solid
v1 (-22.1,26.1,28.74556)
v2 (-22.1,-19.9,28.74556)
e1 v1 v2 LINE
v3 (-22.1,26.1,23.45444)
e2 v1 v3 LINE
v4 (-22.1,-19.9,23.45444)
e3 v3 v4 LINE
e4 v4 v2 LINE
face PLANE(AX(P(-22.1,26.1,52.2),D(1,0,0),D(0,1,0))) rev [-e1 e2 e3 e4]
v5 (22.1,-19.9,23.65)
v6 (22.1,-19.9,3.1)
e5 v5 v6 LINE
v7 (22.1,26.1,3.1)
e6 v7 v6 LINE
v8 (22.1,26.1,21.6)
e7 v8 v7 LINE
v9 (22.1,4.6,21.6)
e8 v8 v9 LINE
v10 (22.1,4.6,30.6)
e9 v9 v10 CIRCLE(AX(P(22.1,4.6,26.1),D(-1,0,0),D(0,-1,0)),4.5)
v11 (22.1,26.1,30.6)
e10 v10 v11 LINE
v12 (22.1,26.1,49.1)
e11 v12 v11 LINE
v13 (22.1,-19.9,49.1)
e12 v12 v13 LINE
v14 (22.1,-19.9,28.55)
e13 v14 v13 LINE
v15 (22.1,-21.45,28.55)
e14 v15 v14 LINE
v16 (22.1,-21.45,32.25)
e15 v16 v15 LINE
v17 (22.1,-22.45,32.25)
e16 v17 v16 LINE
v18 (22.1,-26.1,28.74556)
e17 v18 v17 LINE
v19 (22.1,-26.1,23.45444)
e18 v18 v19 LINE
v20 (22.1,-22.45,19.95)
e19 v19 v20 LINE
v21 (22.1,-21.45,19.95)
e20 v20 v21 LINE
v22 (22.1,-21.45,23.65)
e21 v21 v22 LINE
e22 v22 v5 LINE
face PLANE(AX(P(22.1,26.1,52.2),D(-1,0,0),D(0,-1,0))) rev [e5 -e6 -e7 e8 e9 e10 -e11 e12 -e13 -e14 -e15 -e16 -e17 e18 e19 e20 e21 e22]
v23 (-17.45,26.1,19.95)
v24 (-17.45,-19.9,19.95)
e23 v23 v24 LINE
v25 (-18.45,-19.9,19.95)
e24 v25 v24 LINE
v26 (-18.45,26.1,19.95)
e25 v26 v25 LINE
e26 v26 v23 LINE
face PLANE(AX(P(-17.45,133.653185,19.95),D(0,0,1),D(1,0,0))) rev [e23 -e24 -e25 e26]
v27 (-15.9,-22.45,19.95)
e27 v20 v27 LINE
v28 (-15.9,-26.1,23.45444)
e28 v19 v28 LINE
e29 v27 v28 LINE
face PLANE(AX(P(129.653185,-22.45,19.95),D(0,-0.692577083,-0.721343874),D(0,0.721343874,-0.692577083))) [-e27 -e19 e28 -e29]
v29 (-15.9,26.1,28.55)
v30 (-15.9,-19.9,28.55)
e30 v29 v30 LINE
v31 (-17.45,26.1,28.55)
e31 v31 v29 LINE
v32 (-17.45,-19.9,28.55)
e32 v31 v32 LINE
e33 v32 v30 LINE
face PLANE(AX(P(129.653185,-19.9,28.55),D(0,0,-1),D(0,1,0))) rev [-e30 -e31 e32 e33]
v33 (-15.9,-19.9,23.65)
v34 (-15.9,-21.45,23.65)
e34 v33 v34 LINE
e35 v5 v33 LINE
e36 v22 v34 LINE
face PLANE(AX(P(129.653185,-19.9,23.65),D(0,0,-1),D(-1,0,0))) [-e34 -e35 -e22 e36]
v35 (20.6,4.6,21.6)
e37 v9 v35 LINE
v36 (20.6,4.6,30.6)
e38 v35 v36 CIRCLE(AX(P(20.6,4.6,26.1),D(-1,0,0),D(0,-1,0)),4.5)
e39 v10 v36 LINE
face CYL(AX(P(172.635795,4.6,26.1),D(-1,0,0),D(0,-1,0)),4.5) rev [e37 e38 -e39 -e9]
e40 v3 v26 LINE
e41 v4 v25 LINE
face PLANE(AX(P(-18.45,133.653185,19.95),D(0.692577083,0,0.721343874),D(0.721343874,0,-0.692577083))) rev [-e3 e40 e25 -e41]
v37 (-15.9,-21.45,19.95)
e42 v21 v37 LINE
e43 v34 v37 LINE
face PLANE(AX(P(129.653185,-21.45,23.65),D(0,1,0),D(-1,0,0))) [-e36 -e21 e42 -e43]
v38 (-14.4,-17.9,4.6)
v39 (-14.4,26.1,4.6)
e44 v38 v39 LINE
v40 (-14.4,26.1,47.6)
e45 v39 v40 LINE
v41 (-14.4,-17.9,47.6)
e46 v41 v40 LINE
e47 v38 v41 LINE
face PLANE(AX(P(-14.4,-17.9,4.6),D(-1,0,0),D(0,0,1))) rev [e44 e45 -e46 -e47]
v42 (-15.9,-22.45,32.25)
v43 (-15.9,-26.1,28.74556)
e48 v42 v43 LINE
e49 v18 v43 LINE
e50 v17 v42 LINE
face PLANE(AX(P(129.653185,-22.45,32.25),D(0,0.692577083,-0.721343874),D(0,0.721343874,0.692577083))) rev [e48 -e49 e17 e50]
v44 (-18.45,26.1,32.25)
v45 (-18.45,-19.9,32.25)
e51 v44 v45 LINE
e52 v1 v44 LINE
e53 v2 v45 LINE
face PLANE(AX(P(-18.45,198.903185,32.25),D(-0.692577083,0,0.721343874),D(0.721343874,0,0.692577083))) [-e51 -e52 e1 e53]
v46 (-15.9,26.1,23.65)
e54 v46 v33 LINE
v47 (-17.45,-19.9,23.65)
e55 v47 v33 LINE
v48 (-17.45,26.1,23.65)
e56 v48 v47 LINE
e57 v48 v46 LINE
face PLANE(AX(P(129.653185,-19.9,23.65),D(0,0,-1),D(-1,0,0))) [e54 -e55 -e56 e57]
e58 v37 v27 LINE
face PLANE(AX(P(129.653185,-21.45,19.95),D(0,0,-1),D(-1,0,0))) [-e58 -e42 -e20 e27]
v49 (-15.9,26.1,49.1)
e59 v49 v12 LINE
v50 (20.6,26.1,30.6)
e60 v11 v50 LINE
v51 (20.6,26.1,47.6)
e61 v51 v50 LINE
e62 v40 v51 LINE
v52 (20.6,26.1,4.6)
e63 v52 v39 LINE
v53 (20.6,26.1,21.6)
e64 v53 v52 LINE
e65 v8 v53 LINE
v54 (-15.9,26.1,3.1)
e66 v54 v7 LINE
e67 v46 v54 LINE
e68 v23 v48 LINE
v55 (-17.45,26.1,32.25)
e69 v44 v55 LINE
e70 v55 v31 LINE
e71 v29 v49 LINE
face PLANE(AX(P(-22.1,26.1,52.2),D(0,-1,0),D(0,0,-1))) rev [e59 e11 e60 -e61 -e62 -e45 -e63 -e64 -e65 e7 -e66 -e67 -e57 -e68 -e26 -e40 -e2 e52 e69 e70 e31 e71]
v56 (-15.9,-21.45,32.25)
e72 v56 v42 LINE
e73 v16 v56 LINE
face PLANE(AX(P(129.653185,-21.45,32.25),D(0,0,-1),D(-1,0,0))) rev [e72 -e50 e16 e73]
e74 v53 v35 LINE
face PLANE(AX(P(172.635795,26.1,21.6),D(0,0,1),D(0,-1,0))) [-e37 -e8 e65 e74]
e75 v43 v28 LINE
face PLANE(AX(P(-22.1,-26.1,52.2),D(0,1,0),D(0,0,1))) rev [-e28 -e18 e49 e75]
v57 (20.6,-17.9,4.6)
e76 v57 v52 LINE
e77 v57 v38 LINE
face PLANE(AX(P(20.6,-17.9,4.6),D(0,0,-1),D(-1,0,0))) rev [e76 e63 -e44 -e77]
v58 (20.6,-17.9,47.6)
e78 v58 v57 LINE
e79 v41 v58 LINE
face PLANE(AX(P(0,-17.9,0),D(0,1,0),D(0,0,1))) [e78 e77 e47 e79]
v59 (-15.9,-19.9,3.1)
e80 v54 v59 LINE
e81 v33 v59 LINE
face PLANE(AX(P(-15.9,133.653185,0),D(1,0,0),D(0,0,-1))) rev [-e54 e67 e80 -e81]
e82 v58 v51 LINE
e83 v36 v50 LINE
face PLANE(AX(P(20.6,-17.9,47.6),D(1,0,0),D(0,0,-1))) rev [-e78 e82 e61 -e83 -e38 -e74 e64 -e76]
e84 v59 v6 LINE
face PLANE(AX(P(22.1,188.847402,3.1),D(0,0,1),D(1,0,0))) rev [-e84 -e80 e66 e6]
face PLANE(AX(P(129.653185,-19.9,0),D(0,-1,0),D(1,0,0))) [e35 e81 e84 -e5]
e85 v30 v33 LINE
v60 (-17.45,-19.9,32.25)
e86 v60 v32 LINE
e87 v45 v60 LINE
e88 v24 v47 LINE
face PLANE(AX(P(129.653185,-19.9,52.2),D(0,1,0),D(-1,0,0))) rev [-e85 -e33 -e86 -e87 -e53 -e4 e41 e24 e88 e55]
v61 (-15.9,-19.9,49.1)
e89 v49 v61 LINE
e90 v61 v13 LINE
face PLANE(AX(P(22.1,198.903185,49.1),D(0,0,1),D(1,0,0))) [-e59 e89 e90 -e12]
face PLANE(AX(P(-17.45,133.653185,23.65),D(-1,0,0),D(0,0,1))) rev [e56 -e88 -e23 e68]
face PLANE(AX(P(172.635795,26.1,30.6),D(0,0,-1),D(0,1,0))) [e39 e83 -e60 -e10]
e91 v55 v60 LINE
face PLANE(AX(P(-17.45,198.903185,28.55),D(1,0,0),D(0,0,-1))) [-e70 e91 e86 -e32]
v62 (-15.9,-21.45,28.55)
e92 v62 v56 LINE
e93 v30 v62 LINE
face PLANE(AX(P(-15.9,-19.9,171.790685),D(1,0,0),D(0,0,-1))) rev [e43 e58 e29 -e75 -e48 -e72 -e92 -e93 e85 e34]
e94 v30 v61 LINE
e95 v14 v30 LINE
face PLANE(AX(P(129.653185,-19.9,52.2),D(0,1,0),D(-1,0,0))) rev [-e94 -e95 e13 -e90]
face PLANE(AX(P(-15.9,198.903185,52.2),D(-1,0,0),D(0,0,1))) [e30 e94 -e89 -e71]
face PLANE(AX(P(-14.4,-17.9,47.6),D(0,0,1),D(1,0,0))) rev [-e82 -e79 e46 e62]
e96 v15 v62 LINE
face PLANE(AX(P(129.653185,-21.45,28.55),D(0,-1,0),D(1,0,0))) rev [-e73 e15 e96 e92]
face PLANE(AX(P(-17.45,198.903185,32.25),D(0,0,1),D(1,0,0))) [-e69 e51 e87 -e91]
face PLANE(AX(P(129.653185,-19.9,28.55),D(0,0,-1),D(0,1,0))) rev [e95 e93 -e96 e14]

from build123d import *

# Parameters (mm, degrees)
ESQUISSE1_W                   = 44.2
ESQUISSE1_H                   = 52.2
BOSS_EXTRU_1_DEPTH            = 52.2
ENL_V_MAT_EXTRU_2_DEPTH       = 74.209903702
ENL_V_MAT_EXTRU_2_DEPTH_BACK  = 44.2
ENL_V_MAT_EXTRU_3_DEPTH       = 74.209903702
ENL_V_MAT_EXTRU_3_DEPTH_BACK  = 44.2
ENL_V_MAT_EXTRU_4_DEPTH       = 78.059003368
ENL_V_MAT_EXTRU_4_DEPTH_BACK  = 46
ENL_V_MAT_EXTRU_5_DEPTH       = 78.059003368
ENL_V_MAT_EXTRU_5_DEPTH_BACK  = 46
ENL_V_MAT_EXTRU_7_DEPTH       = 45.550224466
ENL_V_MAT_EXTRU_7_DEPTH_BACK  = 45.550224466
ENL_V_MAT_EXTRU_8_DEPTH       = 78.059003368
ENL_V_MAT_EXTRU_8_DEPTH_BACK  = 46
ENL_V_MAT_EXTRU_9_DEPTH       = 75.993733072
ENL_V_MAT_EXTRU_9_DEPTH_BACK  = 46
ESQUISSE13_W                  = 35
ESQUISSE13_H                  = 43
ENL_V_MAT_EXTRU_10_DEPTH      = 44
ENL_V_MAT_EXTRU_11_DEPTH      = 72.032809321
ENL_V_MAT_EXTRU_11_DEPTH_BACK = 1.5


with BuildPart() as part:
    # Esquisse1 → Boss.-Extru.1 (new body)
    with BuildSketch(Plane.XY):
        Rectangle(ESQUISSE1_W, ESQUISSE1_H)
    extrude(amount=BOSS_EXTRU_1_DEPTH)

    # Esquisse2 → Enlèv. mat.-Extru.2 (cut, two sides: drawn at the far end of the back side and taken through both)
    with BuildSketch(Plane(origin=(22.1, 0, 0), x_dir=(0, 0, -1), z_dir=(1, 0, 0)).offset(-ENL_V_MAT_EXTRU_2_DEPTH_BACK)):
        Polygon((-201.352290675, -19.9), (-52.2, -19.9), (-28.55, -19.9), (-28.55, -21.45), (-32.25, -21.45), (-32.25, -22.45), (-28.745559959, -26.1), (74.553898465, -133.690091099), (-39.180744024, -409.461834307), (-315.086933163, -295.671743208), align=None)
    extrude(amount=ENL_V_MAT_EXTRU_2_DEPTH + ENL_V_MAT_EXTRU_2_DEPTH_BACK, mode=Mode.SUBTRACT)

    # Esquisse3 → Enlèv. mat.-Extru.3 (cut, two sides: drawn at the far end of the back side and taken through both)
    with BuildSketch(Plane(origin=(22.1, 0, 0), x_dir=(0, 0, -1), z_dir=(1, 0, 0)).offset(-ENL_V_MAT_EXTRU_3_DEPTH_BACK)):
        Polygon((149.152290675, -19.9), (0, -19.9), (-23.65, -19.9), (-23.65, -21.45), (-19.95, -21.45), (-19.95, -22.45), (-23.454440041, -26.1), (-126.753898465, -133.690091099), (-13.019255976, -409.461834307), (262.886933163, -295.671743208), align=None)
    extrude(amount=ENL_V_MAT_EXTRU_3_DEPTH + ENL_V_MAT_EXTRU_3_DEPTH_BACK, mode=Mode.SUBTRACT)

    # Esquisse4 → Enlèv. mat.-Extru.4 (cut, two sides: drawn at the far end of the back side and taken through both)
    with BuildSketch(Plane(origin=(0, 26.1, 0), x_dir=(1, 0, 0), z_dir=(0, 1, 0)).offset(-ENL_V_MAT_EXTRU_4_DEPTH_BACK)):
        Polygon((-15.9, -191.333109619), (-15.9, -52.2), (-15.9, -28.55), (-17.45, -28.55), (-17.45, -32.25), (-18.45, -32.25), (-22.1, -28.745559959), (-122.462816227, 67.614843274), (-379.791464965, -38.281593439), (-273.228648738, -297.229546332), align=None)
    extrude(amount=ENL_V_MAT_EXTRU_4_DEPTH + ENL_V_MAT_EXTRU_4_DEPTH_BACK, mode=Mode.SUBTRACT)

    # Esquisse5 → Enlèv. mat.-Extru.5 (cut, two sides: drawn at the far end of the back side and taken through both)
    with BuildSketch(Plane(origin=(0, 26.1, 0), x_dir=(1, 0, 0), z_dir=(0, 1, 0)).offset(-ENL_V_MAT_EXTRU_5_DEPTH_BACK)):
        Polygon((-15.9, 139.133109619), (-15.9, 0), (-15.9, -23.65), (-17.45, -23.65), (-17.45, -19.95), (-18.45, -19.95), (-22.1, -23.454440041), (-122.462816228, -119.814843274), (-379.791464965, -13.918406561), (-273.228648738, 245.029546332), align=None)
    extrude(amount=ENL_V_MAT_EXTRU_5_DEPTH + ENL_V_MAT_EXTRU_5_DEPTH_BACK, mode=Mode.SUBTRACT)

    # Esquisse6 → Enlèv. mat.-Extru.7 (cut, two sides: drawn at the far end of the back side and taken through both)
    with BuildSketch(Plane.XY.offset(28.55).offset(-ENL_V_MAT_EXTRU_7_DEPTH_BACK)):
        Polygon((-161.22284167, -19.9), (-22.1, -19.9), (-15.9, -19.9), (-15.9, -26.093649616), (-15.9, -165.216491285), (-212.645110561, -361.97019968), (-357.967952231, -216.653708395), align=None)
    extrude(amount=ENL_V_MAT_EXTRU_7_DEPTH + ENL_V_MAT_EXTRU_7_DEPTH_BACK, mode=Mode.SUBTRACT)

    # Esquisse11 → Enlèv. mat.-Extru.8 (cut, two sides: drawn at the far end of the back side and taken through both)
    with BuildSketch(Plane(origin=(0, 26.1, 0), x_dir=(1, 0, 0), z_dir=(0, 1, 0)).offset(-ENL_V_MAT_EXTRU_8_DEPTH_BACK)):
        Polygon((164.227968273, -49.1), (22.1, -49.1), (-15.9, -49.1), (-158.027968273, -49.1), (-158.027968273, -333.355936546), (164.227968273, -333.355936546), align=None)
    extrude(amount=ENL_V_MAT_EXTRU_8_DEPTH + ENL_V_MAT_EXTRU_8_DEPTH_BACK, mode=Mode.SUBTRACT)

    # Esquisse12 → Enlèv. mat.-Extru.9 (cut, two sides: drawn at the far end of the back side and taken through both)
    with BuildSketch(Plane(origin=(0, 26.1, 0), x_dir=(1, 0, 0), z_dir=(0, 1, 0)).offset(-ENL_V_MAT_EXTRU_9_DEPTH_BACK)):
        Polygon((159.687460199, -3.1), (22.1, -3.1), (-15.9, -3.1), (-153.487460199, -3.1), (-153.487460199, 272.074920398), (159.687460199, 272.074920398), align=None)
    extrude(amount=ENL_V_MAT_EXTRU_9_DEPTH + ENL_V_MAT_EXTRU_9_DEPTH_BACK, mode=Mode.SUBTRACT)

    # Esquisse13 → Enlèv. mat.-Extru.10 (cut)
    with BuildSketch(Plane(origin=(0, 26.1, 0), x_dir=(1, 0, 0), z_dir=(0, 1, 0))):
        with Locations((3.1, -26.1)):
            Rectangle(ESQUISSE13_W, ESQUISSE13_H)
    extrude(amount=-ENL_V_MAT_EXTRU_10_DEPTH, mode=Mode.SUBTRACT)

    # Esquisse14 → Enlèv. mat.-Extru.11 (cut, two sides: drawn at the far end of the back side and taken through both)
    with BuildSketch(Plane(origin=(22.1, 0, 0), x_dir=(0, 0, -1), z_dir=(1, 0, 0)).offset(-ENL_V_MAT_EXTRU_11_DEPTH_BACK)):
        with BuildLine():
            Line((-21.6, 4.6), (-21.6, 26.1))
            Line((-21.6, 26.1), (-30.6, 26.1))
            Line((-30.6, 26.1), (-30.6, 4.6))
            ThreePointArc((-30.6, 4.6), (-26.1, 0.1), (-21.6, 4.6))
        make_face()
    extrude(amount=ENL_V_MAT_EXTRU_11_DEPTH + ENL_V_MAT_EXTRU_11_DEPTH_BACK, mode=Mode.SUBTRACT)


solid = part.part
